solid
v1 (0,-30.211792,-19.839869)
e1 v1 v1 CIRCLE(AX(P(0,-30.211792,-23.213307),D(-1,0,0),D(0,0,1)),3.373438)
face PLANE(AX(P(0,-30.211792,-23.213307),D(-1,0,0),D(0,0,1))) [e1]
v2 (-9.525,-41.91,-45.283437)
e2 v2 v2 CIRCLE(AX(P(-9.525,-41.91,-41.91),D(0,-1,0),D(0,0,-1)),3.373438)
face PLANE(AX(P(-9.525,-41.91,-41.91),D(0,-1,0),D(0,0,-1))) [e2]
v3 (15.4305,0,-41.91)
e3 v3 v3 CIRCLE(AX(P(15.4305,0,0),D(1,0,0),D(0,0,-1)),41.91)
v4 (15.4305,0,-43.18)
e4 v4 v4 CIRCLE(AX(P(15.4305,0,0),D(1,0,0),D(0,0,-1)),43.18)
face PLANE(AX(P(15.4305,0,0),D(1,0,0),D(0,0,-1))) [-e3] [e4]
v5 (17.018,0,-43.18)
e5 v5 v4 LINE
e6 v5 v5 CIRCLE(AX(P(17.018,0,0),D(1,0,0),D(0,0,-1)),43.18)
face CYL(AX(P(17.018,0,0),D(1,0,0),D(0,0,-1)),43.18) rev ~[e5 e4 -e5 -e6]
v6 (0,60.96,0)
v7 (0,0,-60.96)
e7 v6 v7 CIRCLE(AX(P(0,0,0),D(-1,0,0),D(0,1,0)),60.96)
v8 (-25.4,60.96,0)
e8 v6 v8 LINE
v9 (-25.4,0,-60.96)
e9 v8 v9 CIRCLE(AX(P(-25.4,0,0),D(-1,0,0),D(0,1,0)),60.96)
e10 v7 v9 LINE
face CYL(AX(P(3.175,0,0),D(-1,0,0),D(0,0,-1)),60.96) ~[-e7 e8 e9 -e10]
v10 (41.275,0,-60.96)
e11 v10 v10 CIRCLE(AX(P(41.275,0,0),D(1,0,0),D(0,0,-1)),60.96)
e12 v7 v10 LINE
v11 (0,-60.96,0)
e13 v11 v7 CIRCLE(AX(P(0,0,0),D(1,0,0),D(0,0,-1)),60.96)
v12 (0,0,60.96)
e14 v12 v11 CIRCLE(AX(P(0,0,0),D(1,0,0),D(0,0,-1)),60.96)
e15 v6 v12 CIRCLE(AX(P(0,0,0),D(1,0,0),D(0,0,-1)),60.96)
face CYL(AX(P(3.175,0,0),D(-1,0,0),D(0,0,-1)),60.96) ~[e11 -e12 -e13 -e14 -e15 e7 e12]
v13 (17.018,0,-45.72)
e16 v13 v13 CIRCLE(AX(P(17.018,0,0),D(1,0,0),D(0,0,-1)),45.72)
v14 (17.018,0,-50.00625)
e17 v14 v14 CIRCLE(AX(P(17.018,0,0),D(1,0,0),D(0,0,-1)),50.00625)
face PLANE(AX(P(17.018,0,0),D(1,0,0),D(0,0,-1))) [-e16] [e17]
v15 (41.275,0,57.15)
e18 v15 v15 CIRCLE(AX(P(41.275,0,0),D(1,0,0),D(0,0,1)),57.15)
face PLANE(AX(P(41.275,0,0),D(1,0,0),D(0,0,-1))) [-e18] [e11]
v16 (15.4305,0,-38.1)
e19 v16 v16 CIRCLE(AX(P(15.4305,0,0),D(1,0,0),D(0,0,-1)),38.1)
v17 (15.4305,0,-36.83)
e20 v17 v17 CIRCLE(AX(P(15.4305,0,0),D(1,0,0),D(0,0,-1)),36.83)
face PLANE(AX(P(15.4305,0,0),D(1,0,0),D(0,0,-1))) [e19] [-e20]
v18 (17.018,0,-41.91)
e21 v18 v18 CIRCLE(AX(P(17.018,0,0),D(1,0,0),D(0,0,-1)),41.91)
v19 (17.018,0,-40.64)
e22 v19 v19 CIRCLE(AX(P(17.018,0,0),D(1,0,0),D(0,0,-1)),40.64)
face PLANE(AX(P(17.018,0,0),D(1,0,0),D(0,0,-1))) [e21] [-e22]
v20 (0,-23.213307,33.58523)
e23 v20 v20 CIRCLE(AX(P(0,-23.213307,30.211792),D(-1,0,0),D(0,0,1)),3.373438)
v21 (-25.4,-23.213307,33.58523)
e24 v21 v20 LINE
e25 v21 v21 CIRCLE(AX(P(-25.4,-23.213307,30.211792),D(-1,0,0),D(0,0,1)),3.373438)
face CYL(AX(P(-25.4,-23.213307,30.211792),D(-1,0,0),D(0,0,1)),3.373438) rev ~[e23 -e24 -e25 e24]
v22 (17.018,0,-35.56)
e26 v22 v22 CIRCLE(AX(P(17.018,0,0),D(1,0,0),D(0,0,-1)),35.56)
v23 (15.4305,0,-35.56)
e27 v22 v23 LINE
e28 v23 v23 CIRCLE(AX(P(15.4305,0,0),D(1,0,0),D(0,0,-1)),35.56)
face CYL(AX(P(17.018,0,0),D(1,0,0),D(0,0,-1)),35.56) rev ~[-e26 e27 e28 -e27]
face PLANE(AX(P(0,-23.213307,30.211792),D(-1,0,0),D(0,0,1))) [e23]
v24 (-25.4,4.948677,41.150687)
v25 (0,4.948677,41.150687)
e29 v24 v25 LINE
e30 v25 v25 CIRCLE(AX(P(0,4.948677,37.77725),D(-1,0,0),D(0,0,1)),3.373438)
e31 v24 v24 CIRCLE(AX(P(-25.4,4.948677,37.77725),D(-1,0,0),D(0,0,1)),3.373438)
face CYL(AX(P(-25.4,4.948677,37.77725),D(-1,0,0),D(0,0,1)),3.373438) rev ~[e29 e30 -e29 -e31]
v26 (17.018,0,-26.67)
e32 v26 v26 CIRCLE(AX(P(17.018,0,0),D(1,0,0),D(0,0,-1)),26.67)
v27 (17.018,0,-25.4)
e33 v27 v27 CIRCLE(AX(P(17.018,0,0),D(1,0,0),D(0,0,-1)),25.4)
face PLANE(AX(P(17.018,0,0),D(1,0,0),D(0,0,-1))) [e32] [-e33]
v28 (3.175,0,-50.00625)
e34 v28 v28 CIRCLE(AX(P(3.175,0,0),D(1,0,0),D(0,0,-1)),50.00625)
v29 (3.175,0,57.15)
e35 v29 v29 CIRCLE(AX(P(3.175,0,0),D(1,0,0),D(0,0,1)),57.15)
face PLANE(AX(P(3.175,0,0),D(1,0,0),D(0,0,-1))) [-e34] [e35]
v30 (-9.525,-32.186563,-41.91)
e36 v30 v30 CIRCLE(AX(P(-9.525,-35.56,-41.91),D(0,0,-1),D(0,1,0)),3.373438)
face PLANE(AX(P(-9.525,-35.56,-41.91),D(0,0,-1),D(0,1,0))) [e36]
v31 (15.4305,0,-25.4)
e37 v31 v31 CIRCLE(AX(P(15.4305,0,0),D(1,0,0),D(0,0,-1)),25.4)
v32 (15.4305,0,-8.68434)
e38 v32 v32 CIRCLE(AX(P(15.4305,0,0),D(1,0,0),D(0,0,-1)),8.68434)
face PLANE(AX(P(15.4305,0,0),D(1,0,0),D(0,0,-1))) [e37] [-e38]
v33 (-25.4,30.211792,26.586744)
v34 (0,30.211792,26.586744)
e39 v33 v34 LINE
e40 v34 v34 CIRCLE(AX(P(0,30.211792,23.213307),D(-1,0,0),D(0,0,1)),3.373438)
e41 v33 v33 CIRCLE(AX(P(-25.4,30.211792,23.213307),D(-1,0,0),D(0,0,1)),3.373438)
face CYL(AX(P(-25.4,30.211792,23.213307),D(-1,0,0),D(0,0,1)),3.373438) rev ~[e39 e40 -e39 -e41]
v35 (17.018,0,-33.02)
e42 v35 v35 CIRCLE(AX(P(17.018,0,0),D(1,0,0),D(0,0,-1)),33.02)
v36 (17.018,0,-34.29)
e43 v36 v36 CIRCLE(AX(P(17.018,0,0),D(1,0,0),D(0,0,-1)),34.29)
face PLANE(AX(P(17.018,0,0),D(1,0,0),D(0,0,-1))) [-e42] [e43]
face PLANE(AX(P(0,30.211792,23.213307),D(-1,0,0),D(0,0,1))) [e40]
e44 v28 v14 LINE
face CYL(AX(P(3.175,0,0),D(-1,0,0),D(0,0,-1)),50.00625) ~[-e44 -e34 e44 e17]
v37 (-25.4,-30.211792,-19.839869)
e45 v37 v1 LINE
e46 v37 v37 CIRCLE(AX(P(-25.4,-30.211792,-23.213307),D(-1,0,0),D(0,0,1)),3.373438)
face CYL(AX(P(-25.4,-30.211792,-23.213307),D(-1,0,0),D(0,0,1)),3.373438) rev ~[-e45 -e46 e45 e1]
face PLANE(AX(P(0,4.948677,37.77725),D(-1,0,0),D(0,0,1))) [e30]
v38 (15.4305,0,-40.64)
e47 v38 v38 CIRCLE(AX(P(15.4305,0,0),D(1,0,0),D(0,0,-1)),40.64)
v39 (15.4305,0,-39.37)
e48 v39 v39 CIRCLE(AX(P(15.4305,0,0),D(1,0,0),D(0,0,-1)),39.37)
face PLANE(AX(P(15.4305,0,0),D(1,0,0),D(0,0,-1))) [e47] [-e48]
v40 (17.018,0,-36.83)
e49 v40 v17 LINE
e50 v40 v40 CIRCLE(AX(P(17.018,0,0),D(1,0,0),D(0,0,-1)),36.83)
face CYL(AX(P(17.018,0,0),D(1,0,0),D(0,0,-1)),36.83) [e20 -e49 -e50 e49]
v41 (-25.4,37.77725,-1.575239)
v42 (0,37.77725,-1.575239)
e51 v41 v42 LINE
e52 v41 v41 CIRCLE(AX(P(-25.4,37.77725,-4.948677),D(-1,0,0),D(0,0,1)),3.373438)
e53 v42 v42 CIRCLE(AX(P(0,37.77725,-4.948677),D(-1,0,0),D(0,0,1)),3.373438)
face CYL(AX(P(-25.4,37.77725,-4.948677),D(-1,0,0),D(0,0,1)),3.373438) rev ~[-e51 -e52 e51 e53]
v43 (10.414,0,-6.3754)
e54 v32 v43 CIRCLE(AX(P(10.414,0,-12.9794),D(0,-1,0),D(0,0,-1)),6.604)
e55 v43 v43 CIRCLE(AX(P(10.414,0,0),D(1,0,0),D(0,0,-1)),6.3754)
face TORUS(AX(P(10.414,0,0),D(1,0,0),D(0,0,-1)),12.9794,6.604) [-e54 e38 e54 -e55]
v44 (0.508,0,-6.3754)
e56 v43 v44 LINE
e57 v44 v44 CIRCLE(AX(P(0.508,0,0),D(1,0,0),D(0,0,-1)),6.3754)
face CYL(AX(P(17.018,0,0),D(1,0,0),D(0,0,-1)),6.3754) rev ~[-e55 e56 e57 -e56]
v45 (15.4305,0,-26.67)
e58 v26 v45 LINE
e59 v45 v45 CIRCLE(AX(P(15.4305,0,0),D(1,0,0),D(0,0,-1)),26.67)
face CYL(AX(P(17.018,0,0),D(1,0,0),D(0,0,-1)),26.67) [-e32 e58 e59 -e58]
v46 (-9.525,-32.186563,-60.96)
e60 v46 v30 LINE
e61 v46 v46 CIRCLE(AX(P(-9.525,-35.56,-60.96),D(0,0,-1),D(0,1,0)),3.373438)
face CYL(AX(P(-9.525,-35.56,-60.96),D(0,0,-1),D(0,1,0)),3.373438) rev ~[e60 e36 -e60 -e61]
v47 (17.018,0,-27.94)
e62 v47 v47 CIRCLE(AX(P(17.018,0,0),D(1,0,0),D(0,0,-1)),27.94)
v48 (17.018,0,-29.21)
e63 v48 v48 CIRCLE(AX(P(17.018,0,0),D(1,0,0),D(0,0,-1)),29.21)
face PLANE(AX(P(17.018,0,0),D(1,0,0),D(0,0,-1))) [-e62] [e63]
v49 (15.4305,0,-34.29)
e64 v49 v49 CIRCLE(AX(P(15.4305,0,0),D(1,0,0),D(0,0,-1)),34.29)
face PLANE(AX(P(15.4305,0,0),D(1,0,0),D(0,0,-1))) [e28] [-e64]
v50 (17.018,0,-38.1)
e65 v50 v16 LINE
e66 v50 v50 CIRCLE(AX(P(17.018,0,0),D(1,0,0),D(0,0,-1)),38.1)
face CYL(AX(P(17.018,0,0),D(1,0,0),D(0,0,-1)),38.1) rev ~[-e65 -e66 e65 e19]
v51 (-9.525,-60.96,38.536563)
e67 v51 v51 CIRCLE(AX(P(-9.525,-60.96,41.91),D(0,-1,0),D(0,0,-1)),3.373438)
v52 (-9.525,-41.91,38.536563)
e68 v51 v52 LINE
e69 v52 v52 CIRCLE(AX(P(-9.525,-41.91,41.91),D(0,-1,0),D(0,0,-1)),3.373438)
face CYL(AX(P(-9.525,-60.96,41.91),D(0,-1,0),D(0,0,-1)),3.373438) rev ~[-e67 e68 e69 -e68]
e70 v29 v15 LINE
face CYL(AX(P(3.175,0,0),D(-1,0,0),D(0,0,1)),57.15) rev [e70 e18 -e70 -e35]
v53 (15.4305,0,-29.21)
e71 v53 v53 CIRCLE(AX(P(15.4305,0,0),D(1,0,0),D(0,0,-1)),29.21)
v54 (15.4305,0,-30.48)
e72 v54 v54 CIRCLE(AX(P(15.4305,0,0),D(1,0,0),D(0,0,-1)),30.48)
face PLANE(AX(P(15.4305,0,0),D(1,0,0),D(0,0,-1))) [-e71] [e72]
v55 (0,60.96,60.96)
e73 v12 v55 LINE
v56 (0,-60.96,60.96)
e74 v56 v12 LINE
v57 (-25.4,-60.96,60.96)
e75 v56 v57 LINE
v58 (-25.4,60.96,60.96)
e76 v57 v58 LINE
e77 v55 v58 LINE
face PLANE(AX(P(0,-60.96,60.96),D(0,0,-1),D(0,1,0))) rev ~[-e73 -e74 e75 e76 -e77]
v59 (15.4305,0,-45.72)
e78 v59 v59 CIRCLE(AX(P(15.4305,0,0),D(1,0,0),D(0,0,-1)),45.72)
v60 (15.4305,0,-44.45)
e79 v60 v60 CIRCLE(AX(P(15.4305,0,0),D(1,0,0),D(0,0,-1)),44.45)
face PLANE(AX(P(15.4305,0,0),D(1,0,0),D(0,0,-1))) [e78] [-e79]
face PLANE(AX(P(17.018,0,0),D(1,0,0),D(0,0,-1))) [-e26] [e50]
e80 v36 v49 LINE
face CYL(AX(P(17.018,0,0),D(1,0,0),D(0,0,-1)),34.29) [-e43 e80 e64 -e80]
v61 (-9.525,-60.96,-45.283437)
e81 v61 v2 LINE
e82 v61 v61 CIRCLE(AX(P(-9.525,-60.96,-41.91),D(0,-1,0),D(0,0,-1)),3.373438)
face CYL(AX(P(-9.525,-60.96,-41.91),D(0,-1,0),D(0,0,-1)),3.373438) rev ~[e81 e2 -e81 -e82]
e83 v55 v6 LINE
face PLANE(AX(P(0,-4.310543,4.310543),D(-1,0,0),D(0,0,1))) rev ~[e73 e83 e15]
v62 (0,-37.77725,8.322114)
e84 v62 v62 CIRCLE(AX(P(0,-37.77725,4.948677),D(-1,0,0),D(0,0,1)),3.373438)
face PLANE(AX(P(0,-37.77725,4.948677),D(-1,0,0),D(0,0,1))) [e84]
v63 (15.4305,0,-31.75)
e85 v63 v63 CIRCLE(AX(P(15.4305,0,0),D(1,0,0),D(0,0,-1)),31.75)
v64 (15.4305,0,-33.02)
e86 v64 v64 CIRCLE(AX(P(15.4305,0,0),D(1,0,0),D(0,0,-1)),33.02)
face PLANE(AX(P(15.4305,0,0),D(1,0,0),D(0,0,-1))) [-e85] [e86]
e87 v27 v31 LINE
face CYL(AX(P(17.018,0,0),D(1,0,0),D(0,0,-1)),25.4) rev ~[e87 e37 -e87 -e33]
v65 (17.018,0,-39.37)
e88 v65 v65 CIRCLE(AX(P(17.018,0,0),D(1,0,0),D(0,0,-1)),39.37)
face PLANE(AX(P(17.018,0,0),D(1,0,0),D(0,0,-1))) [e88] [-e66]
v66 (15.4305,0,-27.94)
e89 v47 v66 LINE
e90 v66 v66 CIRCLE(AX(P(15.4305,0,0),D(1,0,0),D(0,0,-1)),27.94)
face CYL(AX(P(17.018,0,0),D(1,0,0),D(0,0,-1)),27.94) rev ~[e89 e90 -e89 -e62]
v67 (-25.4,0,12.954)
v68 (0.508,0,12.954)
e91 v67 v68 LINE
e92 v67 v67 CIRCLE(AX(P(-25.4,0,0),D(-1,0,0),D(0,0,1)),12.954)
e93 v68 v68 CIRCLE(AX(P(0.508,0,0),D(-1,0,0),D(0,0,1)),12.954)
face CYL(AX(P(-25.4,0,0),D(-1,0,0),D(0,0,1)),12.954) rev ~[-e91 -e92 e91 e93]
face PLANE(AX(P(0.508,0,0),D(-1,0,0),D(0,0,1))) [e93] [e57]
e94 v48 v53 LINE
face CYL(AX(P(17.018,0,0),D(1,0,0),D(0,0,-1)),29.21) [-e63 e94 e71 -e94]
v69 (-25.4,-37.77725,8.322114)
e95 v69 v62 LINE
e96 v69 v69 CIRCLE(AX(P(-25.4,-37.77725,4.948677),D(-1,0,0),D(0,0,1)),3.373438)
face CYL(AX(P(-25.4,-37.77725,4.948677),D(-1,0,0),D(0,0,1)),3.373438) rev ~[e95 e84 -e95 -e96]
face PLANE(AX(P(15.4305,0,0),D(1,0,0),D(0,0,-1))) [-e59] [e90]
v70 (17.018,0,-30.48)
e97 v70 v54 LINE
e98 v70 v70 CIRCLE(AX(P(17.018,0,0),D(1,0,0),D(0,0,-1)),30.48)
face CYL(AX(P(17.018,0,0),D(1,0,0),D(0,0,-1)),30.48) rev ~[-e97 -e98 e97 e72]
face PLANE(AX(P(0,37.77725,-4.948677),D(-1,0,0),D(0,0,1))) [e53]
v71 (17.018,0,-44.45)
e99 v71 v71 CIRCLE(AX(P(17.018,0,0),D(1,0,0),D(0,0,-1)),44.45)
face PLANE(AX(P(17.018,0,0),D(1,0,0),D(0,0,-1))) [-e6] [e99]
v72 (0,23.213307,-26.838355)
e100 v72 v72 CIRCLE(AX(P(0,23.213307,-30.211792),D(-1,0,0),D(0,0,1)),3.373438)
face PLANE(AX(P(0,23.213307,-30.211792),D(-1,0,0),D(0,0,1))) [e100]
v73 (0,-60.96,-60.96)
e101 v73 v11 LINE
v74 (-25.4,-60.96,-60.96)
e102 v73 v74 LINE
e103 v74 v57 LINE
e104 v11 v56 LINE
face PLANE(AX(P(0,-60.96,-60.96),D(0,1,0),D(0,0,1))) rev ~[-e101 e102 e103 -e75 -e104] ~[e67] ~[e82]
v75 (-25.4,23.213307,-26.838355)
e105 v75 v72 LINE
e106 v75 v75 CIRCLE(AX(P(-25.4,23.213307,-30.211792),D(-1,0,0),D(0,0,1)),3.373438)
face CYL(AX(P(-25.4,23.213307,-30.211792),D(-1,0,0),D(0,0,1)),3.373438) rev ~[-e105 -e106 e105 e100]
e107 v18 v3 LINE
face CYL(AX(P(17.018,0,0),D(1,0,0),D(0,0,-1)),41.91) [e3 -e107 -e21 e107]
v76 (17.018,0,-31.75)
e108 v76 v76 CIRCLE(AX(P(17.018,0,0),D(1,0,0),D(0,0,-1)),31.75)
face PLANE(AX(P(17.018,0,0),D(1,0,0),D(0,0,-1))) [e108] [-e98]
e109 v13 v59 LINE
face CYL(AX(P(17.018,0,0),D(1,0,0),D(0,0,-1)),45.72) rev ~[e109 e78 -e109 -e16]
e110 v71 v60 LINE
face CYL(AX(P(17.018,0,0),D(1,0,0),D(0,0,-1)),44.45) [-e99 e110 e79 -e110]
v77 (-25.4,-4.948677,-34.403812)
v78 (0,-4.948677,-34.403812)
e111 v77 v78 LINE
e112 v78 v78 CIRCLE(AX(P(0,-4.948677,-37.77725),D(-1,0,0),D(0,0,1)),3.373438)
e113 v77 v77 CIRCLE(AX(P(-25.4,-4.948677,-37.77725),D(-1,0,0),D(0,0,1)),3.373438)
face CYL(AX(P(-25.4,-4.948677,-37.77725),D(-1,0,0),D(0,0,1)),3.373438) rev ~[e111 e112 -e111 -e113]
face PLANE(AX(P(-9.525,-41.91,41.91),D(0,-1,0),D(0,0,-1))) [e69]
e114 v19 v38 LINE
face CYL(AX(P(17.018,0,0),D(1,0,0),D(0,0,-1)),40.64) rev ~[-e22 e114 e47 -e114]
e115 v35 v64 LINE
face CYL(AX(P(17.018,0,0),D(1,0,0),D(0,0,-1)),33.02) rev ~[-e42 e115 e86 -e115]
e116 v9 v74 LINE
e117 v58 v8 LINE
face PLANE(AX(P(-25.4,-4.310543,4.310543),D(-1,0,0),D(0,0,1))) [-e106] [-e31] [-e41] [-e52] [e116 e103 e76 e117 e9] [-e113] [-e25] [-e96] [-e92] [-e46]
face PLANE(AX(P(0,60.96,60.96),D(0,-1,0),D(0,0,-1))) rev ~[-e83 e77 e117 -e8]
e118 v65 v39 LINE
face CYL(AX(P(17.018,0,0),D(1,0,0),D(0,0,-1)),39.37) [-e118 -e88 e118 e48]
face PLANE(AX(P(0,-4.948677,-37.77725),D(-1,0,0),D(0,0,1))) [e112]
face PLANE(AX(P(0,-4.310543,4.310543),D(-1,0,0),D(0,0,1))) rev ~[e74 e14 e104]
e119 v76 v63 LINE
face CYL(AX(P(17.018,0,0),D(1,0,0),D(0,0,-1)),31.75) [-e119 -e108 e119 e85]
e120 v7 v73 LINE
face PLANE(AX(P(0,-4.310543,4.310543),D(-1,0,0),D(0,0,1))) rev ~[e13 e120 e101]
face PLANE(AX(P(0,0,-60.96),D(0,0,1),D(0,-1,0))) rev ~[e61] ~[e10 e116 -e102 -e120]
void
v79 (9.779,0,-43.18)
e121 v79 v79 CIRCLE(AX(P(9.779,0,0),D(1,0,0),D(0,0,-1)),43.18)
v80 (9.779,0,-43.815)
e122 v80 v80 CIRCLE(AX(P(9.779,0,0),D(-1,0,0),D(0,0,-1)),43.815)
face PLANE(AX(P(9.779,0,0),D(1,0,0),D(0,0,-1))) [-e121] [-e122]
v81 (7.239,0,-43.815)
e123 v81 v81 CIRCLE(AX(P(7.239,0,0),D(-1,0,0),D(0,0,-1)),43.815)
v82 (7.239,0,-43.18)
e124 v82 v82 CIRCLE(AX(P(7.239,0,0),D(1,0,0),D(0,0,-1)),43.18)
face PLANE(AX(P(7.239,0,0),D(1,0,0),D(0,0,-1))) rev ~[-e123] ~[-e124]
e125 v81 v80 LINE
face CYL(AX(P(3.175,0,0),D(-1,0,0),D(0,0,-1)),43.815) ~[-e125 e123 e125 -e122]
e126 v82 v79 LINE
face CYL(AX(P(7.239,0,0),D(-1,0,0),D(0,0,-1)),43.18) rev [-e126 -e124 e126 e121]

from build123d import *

# Parameters (mm, degrees)
SKETCH1_R                     = 43.815
HOUSING_FITTING_EXTRUDE_DEPTH = 17.018
HOUSING_BODY_1_DEPTH          = 25.4
SKETCH3_R                     = 6.3754
IMPELLER_BORE_DEPTH           = 17.018
O_RING_CUT_DEPTH              = 1.27
O_RING_CUT_DEPTH_BACK         = 1.27
SKETCH5_R                     = 43.942
SKETCH5_R_2                   = 43.18
SKETCH14_R                    = 3.3734375
CUT_EXTRUDE4_DEPTH            = 19.05
SKETCH15_R                    = 3.3734375
CUT_EXTRUDE5_DEPTH            = 19.05
FILLET1_R                     = 6.604
SKETCH20_R                    = 60.96
SKETCH20_R_2                  = 43.815
BOSS_EXTRUDE1_DEPTH           = 3.175
SKETCH21_R                    = 60.96
SKETCH21_R_2                  = 57.15
BOSS_EXTRUDE2_DEPTH           = 38.1
SKETCH23_R                    = 50.00625
SKETCH23_R_2                  = 43.815
BOSS_EXTRUDE3_DEPTH           = 13.843
SKETCH25_R                    = 3.3734375
CUT_EXTRUDE13_DEPTH           = 25.4
SKETCH26_R                    = 12.954
CUT_EXTRUDE14_DEPTH           = 25.908
SKETCH29_R                    = 45.72
SKETCH29_R_2                  = 44.45
SKETCH29_R_3                  = 43.18
SKETCH29_R_4                  = 41.91
SKETCH29_R_5                  = 40.64
SKETCH29_R_6                  = 39.37
SKETCH29_R_7                  = 38.1
SKETCH29_R_8                  = 36.83
SKETCH29_R_9                  = 35.56
SKETCH29_R_10                 = 34.29
SKETCH29_R_11                 = 33.02
SKETCH29_R_12                 = 31.75
SKETCH29_R_13                 = 30.48
SKETCH29_R_14                 = 29.21
SKETCH29_R_15                 = 27.94
SKETCH29_R_16                 = 26.67
SKETCH29_R_17                 = 25.4
CUT_EXTRUDE16_DEPTH           = 1.5875


with BuildPart() as part:
    # Sketch1 → Housing Fitting Extrude (new body)
    with BuildSketch(Plane(origin=(0, 0, 0), x_dir=(0, 0, -1), z_dir=(1, 0, 0))):
        Circle(SKETCH1_R)
    extrude(amount=HOUSING_FITTING_EXTRUDE_DEPTH)

    # Sketch2 → Housing Body 1 (add)
    with BuildSketch(Plane.ZY):
        with BuildLine():
            Line((60.96, 0), (60.96, 60.96))
            Line((60.96, 60.96), (0, 60.96))
            ThreePointArc((0, 60.96), (-43.105229381, 43.105229381), (-60.96, 0))
            Line((-60.96, 0), (-60.96, -54.61))
            Line((-60.96, -54.61), (-60.96, -60.96))
            Line((-60.96, -60.96), (60.96, -60.96))
            Line((60.96, -60.96), (60.96, -54.61))
            Line((60.96, -54.61), (60.96, 0))
        make_face()
    extrude(amount=HOUSING_BODY_1_DEPTH)

    # Sketch3 → Impeller Bore (cut)
    with BuildSketch(Plane(origin=(17.018, 0, 0), x_dir=(0, 0, -1), z_dir=(1, 0, 0))):
        Circle(SKETCH3_R)
    extrude(amount=-IMPELLER_BORE_DEPTH, mode=Mode.SUBTRACT)

    # Sketch5 → O-Ring Cut (cut, two sides: drawn at the far end of the back side and taken through both)
    with BuildSketch(Plane(origin=(8.509, 0, 0), x_dir=(0, 0, -1), z_dir=(1, 0, 0)).offset(-O_RING_CUT_DEPTH_BACK)):
        Circle(SKETCH5_R)
        Circle(SKETCH5_R_2, mode=Mode.SUBTRACT)
    extrude(amount=O_RING_CUT_DEPTH + O_RING_CUT_DEPTH_BACK, mode=Mode.SUBTRACT)

    # Sketch14 → Cut-Extrude4 (cut)
    with BuildSketch(Plane.XZ.offset(60.96)):
        with Locations(Location((-9.525, -41.91, 0), (0, 0, 270))):
            Circle(SKETCH14_R)
        with Locations(Location((-9.525, 41.91, 0), (0, 0, 270))):
            Circle(SKETCH14_R)
    extrude(amount=-CUT_EXTRUDE4_DEPTH, mode=Mode.SUBTRACT)

    # Sketch15 → Cut-Extrude5 (cut)
    with BuildSketch(Plane(origin=(0, 0, -60.96), x_dir=(-1, 0, 0), z_dir=(0, 0, -1))):
        with Locations(Location((9.525, -35.56, 0), (0, 0, 90))):
            Circle(SKETCH15_R)
    extrude(amount=-CUT_EXTRUDE5_DEPTH, mode=Mode.SUBTRACT)

    # Fillet1
    fillet1_edges = [part.edges().sort_by_distance(p)[0] for p in [
        (17.018, 0, 6.3754),
    ]]
    fillet(fillet1_edges, radius=FILLET1_R)

    # Sketch20 → Boss-Extrude1 (add)
    with BuildSketch(Plane(origin=(0, 0, 0), x_dir=(0, 0, -1), z_dir=(1, 0, 0))):
        Circle(SKETCH20_R)
        Circle(SKETCH20_R_2, mode=Mode.SUBTRACT)
    extrude(amount=BOSS_EXTRUDE1_DEPTH)

    # Sketch21 → Boss-Extrude2 (add)
    with BuildSketch(Plane(origin=(3.175, 0, 0), x_dir=(0, 0, -1), z_dir=(1, 0, 0))):
        Circle(SKETCH21_R)
        with Locations(Location((0, 0, 0), (0, 0, 180))):
            Circle(SKETCH21_R_2, mode=Mode.SUBTRACT)
    extrude(amount=BOSS_EXTRUDE2_DEPTH)

    # Sketch23 → Boss-Extrude3 (add)
    with BuildSketch(Plane(origin=(3.175, 0, 0), x_dir=(0, 0, -1), z_dir=(1, 0, 0))):
        Circle(SKETCH23_R)
        Circle(SKETCH23_R_2, mode=Mode.SUBTRACT)
    extrude(amount=BOSS_EXTRUDE3_DEPTH)

    # Sketch25 → Cut-Extrude13 (cut)
    with BuildSketch(Plane.ZY.offset(25.4)):
        with Locations((37.777249767, 4.948676591)):
            Circle(SKETCH25_R)
        with Locations((30.211792261, -23.21330671)):
            Circle(SKETCH25_R)
        with Locations((4.948676591, -37.777249767)):
            Circle(SKETCH25_R)
        with Locations((-23.21330671, -30.211792261)):
            Circle(SKETCH25_R)
        with Locations((-37.777249767, -4.948676591)):
            Circle(SKETCH25_R)
        with Locations((-30.211792261, 23.21330671)):
            Circle(SKETCH25_R)
        with Locations((-4.948676591, 37.777249767)):
            Circle(SKETCH25_R)
        with Locations((23.21330671, 30.211792261)):
            Circle(SKETCH25_R)
    extrude(amount=-CUT_EXTRUDE13_DEPTH, mode=Mode.SUBTRACT)

    # Sketch26 → Cut-Extrude14 (cut)
    with BuildSketch(Plane.ZY.offset(25.4)):
        Circle(SKETCH26_R)
    extrude(amount=-CUT_EXTRUDE14_DEPTH, mode=Mode.SUBTRACT)

    # Sketch29 → Cut-Extrude16 (cut)
    # profile 1 of 9: a face of its own
    with BuildSketch(Plane(origin=(17.018, 0, 0), x_dir=(0, 0, -1), z_dir=(1, 0, 0))):
        Circle(SKETCH29_R)
        Circle(SKETCH29_R_2, mode=Mode.SUBTRACT)
    # profile 2 of 9: a face of its own
    with BuildSketch(Plane(origin=(17.018, 0, 0), x_dir=(0, 0, -1), z_dir=(1, 0, 0))):
        Circle(SKETCH29_R_3)
        Circle(SKETCH29_R_4, mode=Mode.SUBTRACT)
    # profile 3 of 9: a face of its own
    with BuildSketch(Plane(origin=(17.018, 0, 0), x_dir=(0, 0, -1), z_dir=(1, 0, 0))):
        Circle(SKETCH29_R_5)
        Circle(SKETCH29_R_6, mode=Mode.SUBTRACT)
    # profile 4 of 9: a face of its own
    with BuildSketch(Plane(origin=(17.018, 0, 0), x_dir=(0, 0, -1), z_dir=(1, 0, 0))):
        Circle(SKETCH29_R_7)
        Circle(SKETCH29_R_8, mode=Mode.SUBTRACT)
    # profile 5 of 9: a face of its own
    with BuildSketch(Plane(origin=(17.018, 0, 0), x_dir=(0, 0, -1), z_dir=(1, 0, 0))):
        Circle(SKETCH29_R_9)
        Circle(SKETCH29_R_10, mode=Mode.SUBTRACT)
    # profile 6 of 9: a face of its own
    with BuildSketch(Plane(origin=(17.018, 0, 0), x_dir=(0, 0, -1), z_dir=(1, 0, 0))):
        Circle(SKETCH29_R_11)
        Circle(SKETCH29_R_12, mode=Mode.SUBTRACT)
    # profile 7 of 9: a face of its own
    with BuildSketch(Plane(origin=(17.018, 0, 0), x_dir=(0, 0, -1), z_dir=(1, 0, 0))):
        Circle(SKETCH29_R_13)
        Circle(SKETCH29_R_14, mode=Mode.SUBTRACT)
    # profile 8 of 9: a face of its own
    with BuildSketch(Plane(origin=(17.018, 0, 0), x_dir=(0, 0, -1), z_dir=(1, 0, 0))):
        Circle(SKETCH29_R_15)
        Circle(SKETCH29_R_16, mode=Mode.SUBTRACT)
    # profile 9 of 9: a face of its own
    with BuildSketch(Plane(origin=(17.018, 0, 0), x_dir=(0, 0, -1), z_dir=(1, 0, 0))):
        Circle(SKETCH29_R_17)
    extrude(amount=-CUT_EXTRUDE16_DEPTH, mode=Mode.SUBTRACT)


solid = part.part
